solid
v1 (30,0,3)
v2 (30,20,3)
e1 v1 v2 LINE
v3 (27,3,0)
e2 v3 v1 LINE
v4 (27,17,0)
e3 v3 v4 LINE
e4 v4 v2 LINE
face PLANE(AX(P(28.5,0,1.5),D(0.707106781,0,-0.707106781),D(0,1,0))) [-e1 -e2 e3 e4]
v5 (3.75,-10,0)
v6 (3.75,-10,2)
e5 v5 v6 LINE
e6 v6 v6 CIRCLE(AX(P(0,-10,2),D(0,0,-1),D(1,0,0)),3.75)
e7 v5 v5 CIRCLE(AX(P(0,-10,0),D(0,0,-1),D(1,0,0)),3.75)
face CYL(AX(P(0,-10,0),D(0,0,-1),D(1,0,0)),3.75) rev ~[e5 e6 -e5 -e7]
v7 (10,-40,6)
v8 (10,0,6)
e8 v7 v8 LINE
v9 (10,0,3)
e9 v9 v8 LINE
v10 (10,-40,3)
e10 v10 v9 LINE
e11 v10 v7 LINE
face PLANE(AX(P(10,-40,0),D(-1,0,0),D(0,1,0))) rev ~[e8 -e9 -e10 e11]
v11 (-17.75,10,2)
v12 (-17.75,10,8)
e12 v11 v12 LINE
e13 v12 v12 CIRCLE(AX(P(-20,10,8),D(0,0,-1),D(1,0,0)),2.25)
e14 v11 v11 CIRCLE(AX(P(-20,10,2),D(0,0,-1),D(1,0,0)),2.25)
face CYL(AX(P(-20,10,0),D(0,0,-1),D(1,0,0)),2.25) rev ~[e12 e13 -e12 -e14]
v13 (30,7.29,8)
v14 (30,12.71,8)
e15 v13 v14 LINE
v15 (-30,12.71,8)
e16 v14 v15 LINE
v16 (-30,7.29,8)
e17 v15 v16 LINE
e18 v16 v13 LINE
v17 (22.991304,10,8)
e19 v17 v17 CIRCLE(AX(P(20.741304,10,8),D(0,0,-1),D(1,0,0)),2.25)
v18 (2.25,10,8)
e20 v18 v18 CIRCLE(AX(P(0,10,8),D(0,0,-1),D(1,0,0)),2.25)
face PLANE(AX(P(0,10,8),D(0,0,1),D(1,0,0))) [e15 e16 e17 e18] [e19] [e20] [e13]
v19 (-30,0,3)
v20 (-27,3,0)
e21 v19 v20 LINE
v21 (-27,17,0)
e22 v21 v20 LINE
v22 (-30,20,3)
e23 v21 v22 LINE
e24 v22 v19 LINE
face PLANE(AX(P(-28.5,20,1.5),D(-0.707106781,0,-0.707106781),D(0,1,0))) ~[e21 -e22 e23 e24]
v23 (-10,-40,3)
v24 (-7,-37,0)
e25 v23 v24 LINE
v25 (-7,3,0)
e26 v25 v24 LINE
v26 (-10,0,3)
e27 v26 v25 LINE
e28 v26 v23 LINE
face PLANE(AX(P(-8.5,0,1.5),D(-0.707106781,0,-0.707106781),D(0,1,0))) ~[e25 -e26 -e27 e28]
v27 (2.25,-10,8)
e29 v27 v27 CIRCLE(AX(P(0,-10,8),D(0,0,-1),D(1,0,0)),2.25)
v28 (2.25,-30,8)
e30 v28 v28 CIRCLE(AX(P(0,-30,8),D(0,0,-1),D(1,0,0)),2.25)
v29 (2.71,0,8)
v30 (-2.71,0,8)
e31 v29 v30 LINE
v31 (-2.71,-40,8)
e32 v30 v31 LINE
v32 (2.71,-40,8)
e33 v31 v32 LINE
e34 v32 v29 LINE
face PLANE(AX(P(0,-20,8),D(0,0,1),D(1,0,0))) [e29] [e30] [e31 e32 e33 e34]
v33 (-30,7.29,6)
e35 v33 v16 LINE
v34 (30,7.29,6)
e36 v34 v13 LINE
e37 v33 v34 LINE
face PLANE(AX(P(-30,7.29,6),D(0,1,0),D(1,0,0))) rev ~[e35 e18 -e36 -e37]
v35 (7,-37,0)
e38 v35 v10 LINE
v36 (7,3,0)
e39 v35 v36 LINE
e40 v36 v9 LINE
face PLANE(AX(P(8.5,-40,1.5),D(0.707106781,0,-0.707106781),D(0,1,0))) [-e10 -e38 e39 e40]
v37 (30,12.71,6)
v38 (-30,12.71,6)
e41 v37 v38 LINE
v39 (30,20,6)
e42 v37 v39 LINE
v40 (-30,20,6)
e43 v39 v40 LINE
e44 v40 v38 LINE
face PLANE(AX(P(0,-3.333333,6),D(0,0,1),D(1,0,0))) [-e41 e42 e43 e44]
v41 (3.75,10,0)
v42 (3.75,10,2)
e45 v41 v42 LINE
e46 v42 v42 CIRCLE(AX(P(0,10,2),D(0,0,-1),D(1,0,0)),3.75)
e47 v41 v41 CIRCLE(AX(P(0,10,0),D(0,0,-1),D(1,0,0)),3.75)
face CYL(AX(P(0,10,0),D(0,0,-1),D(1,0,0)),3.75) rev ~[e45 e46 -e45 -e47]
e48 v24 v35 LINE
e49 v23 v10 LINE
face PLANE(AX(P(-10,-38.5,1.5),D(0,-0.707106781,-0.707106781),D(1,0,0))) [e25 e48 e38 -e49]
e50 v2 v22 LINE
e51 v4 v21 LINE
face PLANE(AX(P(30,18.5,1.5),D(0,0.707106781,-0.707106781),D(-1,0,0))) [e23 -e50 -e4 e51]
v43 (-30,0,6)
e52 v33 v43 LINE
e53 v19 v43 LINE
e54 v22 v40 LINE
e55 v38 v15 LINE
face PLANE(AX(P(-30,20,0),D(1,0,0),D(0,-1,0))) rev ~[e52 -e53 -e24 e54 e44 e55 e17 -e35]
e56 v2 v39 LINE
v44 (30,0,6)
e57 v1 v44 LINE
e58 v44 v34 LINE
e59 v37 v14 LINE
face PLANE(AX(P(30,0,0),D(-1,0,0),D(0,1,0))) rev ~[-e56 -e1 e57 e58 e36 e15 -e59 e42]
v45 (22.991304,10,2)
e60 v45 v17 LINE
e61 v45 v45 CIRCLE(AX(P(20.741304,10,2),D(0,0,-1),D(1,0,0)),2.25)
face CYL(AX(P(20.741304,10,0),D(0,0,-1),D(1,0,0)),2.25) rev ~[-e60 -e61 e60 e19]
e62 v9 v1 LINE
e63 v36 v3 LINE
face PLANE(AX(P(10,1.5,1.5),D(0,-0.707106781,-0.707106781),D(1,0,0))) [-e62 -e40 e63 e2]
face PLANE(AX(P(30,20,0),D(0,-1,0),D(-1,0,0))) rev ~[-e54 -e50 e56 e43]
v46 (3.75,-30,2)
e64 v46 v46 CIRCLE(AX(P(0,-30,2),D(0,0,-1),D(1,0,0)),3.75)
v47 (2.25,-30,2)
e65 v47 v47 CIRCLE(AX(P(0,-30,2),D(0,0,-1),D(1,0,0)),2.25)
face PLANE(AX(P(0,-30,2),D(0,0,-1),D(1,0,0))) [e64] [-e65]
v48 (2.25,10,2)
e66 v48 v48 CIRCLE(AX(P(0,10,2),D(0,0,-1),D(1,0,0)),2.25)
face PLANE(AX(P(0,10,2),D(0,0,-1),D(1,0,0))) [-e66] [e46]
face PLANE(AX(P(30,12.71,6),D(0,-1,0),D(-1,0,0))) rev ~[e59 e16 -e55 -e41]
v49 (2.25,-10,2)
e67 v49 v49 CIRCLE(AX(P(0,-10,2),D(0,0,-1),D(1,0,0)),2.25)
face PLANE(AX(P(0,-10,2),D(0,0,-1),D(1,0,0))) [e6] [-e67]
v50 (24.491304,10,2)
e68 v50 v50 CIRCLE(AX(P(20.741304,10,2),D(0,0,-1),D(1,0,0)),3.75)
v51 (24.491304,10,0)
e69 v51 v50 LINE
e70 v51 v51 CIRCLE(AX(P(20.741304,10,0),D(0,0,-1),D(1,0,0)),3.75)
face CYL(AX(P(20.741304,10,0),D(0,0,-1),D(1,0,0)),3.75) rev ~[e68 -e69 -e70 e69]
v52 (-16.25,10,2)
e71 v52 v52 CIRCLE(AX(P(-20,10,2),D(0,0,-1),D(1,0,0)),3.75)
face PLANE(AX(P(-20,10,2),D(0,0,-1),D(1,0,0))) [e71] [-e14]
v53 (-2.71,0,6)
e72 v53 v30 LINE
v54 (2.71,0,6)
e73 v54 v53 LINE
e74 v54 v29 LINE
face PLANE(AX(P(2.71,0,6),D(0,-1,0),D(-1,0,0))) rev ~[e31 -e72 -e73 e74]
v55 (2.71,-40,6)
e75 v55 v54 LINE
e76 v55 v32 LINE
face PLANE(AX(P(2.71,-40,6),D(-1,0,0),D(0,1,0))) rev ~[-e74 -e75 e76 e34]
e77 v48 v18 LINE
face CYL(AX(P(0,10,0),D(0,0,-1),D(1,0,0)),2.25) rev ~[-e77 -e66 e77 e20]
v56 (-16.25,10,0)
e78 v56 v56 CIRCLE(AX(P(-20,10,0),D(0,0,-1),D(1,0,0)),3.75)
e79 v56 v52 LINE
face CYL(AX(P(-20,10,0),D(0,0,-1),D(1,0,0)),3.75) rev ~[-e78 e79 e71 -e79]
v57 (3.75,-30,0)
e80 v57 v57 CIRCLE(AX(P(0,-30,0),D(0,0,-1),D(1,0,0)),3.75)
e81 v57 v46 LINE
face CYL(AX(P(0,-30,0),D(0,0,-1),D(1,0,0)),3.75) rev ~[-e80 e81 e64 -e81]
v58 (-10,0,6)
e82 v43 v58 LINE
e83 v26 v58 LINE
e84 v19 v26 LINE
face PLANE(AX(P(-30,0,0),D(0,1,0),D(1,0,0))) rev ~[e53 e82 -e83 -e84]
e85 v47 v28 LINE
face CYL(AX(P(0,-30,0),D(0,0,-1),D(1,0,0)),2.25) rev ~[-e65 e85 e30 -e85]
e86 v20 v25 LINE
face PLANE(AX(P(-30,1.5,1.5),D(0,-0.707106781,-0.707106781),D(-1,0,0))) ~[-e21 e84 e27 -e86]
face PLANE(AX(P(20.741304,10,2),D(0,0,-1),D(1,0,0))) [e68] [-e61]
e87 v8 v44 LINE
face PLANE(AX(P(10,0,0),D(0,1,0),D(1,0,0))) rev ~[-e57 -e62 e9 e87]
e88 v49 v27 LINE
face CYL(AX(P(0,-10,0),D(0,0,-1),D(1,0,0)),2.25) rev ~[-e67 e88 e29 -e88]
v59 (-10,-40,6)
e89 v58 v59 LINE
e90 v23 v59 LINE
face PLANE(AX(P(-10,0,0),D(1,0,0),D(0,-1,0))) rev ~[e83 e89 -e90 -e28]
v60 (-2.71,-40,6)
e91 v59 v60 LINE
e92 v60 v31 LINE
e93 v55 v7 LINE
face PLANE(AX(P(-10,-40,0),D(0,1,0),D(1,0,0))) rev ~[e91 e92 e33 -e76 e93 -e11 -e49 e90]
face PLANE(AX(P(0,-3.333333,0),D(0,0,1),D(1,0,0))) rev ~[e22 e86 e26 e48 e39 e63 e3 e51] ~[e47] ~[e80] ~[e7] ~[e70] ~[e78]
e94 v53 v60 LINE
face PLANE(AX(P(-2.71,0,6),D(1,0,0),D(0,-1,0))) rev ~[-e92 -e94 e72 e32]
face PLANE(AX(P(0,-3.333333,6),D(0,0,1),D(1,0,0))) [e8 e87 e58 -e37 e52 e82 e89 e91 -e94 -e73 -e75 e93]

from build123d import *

# Parameters (mm, degrees)
F1_DEPTH = 6
F3_DEPTH = 2
F4_R     = 2.25
F5_DEPTH = 8.001
F6_R     = 3.75
F7_DEPTH = 2
F8_SIZE  = 3


with BuildPart() as f1:
    # F0 (on Top) → F1 (new body)
    with BuildSketch(Plane.XY):
        Polygon((-30, 0), (-10, 0), (-10, -40), (0, -40), (10, -40), (10, 0), (30, 0), (30, 20), (0, 20), (-30, 20), align=None)
    extrude(amount=F1_DEPTH)

    # F2 (on face) → F3 (join)
    with BuildSketch(Plane.XY.offset(6)):
        Polygon((2.71, 0), (0, 0), (-2.71, 0), (-2.71, -40), (2.71, -40), align=None)
        Polygon((30, 7.29), (30, 12.71), (-30, 12.71), (-30, 10), (-30, 7.29), align=None)
    extrude(amount=F3_DEPTH)

    # F4 (on face) → F5 (cut, through all)
    with BuildSketch(Plane(origin=(0, 0, 0), x_dir=(1, 0, 0), z_dir=(0, 0, -1))):
        with Locations((-20, -10)):
            Circle(F4_R)
        with Locations((0, 10)):
            Circle(F4_R)
        with Locations((0, 30)):
            Circle(F4_R)
        with Locations((20.741304, -10)):
            Circle(F4_R)
        with Locations((0, -10)):
            Circle(F4_R)
    extrude(amount=-F5_DEPTH, mode=Mode.SUBTRACT)

    # F6 (on face) → F7 (cut)
    with BuildSketch(Plane(origin=(0, 0, 0), x_dir=(1, 0, 0), z_dir=(0, 0, -1))):
        with Locations((0, 30)):
            Circle(F6_R)
        with Locations((0, 10)):
            Circle(F6_R)
        with Locations((20.741304, -10)):
            Circle(F6_R)
        with Locations((-20, -10)):
            Circle(F6_R)
        with Locations((0, -10)):
            Circle(F6_R)
    extrude(amount=-F7_DEPTH, mode=Mode.SUBTRACT)

    # F8
    f8_edges = [f1.edges().sort_by_distance(p)[0] for p in [
        (-10, -20, 0),
        (-20, 0, 0),
        (10, -20, 0),
        (20, 0, 0),
        (0, 20, 0),
        (30, 10, 0),
        (-30, 10, 0),
        (0, -40, 0),
    ]]
    chamfer(f8_edges, length=F8_SIZE)


solid = f1.part
